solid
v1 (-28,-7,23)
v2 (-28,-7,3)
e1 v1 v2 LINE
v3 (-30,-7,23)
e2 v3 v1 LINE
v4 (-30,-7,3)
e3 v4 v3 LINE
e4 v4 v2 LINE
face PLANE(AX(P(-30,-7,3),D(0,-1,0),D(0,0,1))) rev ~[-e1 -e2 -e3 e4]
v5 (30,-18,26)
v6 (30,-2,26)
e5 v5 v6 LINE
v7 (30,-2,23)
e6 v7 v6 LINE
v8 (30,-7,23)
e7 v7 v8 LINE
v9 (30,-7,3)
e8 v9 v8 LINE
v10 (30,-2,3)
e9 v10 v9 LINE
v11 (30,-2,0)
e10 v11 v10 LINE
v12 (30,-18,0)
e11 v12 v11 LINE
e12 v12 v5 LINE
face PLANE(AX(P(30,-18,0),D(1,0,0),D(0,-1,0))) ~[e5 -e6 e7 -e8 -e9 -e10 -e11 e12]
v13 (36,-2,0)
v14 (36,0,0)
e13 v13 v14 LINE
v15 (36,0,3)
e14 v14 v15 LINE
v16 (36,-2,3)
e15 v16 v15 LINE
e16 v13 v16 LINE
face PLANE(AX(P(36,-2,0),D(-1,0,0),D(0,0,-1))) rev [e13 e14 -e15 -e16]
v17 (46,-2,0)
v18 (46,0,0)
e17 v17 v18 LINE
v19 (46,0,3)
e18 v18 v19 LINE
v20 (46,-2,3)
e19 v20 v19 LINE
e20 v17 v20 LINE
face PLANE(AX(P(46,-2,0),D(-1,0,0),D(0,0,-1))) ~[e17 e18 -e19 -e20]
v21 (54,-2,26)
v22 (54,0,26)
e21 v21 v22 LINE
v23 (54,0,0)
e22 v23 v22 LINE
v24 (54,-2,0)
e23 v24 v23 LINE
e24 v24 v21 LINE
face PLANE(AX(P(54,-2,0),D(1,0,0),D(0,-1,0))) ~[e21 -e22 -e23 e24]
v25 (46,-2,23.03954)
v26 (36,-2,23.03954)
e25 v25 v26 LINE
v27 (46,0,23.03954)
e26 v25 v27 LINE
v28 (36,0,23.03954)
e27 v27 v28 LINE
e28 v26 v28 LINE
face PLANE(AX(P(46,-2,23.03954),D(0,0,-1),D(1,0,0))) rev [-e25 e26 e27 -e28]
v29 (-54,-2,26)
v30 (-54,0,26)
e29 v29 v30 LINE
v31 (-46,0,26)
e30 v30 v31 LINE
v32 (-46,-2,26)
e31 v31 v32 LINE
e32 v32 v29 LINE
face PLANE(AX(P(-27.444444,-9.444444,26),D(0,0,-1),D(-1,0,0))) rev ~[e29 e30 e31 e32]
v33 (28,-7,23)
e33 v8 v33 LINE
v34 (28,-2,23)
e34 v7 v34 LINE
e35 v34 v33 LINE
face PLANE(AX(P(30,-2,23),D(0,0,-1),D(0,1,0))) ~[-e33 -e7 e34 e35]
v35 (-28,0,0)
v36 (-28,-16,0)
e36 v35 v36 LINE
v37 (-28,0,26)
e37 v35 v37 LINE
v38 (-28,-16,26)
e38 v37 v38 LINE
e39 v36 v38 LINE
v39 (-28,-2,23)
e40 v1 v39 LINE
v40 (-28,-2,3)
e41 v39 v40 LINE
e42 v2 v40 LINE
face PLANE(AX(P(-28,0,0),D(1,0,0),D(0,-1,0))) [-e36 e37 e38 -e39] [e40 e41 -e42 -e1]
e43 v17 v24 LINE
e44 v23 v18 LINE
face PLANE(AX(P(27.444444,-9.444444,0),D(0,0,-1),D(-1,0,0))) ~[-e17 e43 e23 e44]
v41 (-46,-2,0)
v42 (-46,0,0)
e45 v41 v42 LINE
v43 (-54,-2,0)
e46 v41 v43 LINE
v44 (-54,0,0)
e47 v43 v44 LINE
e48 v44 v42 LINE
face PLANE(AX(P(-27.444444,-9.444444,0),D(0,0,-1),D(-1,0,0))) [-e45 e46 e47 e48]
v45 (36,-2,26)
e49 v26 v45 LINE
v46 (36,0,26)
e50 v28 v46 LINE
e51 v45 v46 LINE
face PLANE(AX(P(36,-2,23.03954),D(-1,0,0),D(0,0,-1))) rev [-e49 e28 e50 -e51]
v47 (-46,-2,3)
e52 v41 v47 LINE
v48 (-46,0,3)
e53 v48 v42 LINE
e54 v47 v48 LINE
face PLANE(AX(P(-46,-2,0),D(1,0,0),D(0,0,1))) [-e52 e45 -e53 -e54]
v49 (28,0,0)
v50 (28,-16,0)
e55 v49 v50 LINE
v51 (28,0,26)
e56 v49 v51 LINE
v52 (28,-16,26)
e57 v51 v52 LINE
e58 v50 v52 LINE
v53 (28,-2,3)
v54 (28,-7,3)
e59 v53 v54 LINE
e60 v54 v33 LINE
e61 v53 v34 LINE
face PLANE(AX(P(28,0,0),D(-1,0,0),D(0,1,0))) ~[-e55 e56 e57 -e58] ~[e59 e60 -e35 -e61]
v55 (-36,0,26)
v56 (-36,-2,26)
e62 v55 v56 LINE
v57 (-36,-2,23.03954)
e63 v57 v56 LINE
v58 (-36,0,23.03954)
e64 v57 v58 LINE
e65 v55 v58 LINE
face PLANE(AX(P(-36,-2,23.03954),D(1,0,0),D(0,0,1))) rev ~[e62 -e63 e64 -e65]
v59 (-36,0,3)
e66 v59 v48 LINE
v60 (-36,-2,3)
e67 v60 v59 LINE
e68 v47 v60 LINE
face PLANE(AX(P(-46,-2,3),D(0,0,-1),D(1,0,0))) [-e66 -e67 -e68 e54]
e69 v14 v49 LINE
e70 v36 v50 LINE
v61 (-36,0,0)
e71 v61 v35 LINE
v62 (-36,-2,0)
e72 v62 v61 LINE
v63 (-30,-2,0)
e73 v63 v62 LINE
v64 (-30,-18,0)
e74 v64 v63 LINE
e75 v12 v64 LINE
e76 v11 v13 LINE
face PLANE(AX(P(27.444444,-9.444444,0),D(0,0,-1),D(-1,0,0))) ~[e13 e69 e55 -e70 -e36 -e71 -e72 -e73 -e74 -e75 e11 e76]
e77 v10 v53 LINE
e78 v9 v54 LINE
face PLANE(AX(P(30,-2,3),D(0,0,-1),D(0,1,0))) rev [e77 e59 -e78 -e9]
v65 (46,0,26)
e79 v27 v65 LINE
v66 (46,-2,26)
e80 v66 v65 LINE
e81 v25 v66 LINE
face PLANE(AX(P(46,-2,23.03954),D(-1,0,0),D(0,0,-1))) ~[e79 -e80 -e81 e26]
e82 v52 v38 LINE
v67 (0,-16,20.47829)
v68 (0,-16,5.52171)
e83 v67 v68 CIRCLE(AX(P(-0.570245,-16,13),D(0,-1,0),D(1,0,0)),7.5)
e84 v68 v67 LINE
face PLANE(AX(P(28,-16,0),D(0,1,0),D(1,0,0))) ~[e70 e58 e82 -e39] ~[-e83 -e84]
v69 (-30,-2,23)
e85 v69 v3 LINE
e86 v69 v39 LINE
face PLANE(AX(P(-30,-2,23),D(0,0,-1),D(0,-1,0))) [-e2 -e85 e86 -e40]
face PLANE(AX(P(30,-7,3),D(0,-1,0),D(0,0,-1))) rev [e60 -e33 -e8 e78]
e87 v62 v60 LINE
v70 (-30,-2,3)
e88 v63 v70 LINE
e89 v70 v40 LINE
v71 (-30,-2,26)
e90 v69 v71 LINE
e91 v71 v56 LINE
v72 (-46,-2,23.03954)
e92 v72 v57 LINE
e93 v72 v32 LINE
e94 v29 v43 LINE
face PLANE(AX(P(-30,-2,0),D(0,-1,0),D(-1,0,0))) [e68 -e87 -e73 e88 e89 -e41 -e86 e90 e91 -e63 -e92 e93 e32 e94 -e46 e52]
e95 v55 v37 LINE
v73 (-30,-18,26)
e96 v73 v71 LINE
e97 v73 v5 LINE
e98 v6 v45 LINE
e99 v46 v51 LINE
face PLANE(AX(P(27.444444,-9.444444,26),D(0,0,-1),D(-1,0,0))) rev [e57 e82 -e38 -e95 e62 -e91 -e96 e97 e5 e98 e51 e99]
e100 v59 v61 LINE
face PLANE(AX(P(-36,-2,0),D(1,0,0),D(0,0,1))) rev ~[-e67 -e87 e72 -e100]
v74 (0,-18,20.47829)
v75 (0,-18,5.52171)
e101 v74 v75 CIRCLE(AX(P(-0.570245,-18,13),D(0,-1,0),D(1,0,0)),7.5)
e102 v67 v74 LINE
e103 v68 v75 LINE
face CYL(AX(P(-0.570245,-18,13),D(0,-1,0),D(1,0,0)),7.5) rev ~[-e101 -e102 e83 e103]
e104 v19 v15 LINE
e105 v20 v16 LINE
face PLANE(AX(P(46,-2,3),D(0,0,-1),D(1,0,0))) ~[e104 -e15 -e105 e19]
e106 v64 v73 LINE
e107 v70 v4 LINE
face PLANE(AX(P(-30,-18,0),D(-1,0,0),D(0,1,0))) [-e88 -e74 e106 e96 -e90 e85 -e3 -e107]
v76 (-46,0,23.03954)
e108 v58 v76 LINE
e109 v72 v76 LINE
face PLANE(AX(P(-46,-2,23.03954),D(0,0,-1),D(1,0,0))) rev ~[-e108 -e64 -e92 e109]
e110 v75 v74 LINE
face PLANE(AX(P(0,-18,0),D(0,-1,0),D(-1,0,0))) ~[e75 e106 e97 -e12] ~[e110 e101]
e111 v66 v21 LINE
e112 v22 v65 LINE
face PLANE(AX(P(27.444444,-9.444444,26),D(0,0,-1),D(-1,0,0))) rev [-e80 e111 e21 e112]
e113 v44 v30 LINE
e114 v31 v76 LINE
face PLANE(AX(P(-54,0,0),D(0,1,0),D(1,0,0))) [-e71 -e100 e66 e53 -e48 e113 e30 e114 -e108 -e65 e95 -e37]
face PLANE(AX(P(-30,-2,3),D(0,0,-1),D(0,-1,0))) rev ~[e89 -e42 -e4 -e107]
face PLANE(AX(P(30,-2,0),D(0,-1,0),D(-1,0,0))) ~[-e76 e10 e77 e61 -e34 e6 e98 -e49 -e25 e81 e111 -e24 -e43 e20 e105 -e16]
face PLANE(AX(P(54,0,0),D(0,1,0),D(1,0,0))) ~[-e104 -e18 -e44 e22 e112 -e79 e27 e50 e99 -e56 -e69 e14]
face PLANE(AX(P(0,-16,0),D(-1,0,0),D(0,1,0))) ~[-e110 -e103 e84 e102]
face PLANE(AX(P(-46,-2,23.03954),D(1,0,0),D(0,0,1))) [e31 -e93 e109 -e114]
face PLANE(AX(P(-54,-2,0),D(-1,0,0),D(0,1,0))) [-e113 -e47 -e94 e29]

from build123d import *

# Parameters (mm, degrees)
PAD_DEPTH       = 26
SKETCH002_W     = 5
SKETCH002_H     = 20
POCKET_DEPTH    = 155.156903
SKETCH004_W     = 10
SKETCH004_H     = 3
POCKET001_DEPTH = 5
SKETCH005_R     = 7.5
POCKET002_DEPTH = 5


with BuildPart() as part:
    # Sketch → Pad (new body)
    with BuildSketch(Plane.XY):
        Polygon((-54, 0), (-28, 0), (-28, -16), (0, -16), (0, -18), (-30, -18), (-30, -2), (-54, -2), align=None)
    pad = extrude(amount=PAD_DEPTH)

    # Sketch002 (on DatumPlane) → Pocket (cut, through all)
    with BuildSketch(Plane(origin=(-30, 0, 0), x_dir=(0, -1, 0), z_dir=(-1, 0, 0))):
        with Locations((4.5, 13)):
            Rectangle(SKETCH002_W, SKETCH002_H)
    pocket = extrude(amount=-POCKET_DEPTH, mode=Mode.SUBTRACT)

    # Sketch004 (on DatumPlane) → Pocket001 (cut)
    with BuildSketch(Plane.XZ.offset(2)):
        with Locations((-41, 24.53954)):
            Rectangle(SKETCH004_W, SKETCH004_H)
        with Locations((-41, 1.5)):
            Rectangle(SKETCH004_W, SKETCH004_H)
    pocket001 = extrude(amount=-POCKET001_DEPTH, mode=Mode.SUBTRACT)

    # Sketch005 (on DatumPlane) → Pocket002 (cut)
    with BuildSketch(Plane.XZ.offset(18)):
        with Locations((-0.570245, 13)):
            Circle(SKETCH005_R)
    extrude(amount=-POCKET002_DEPTH, mode=Mode.SUBTRACT)

    # Mirrored: Pad across Sketch V_Axis
    add(pad.mirror(Plane(origin=(0, 0, 0), x_dir=(0, 0, 1), z_dir=(1, 0, 0))))

    # Mirrored001: Pocket across YZ
    add(pocket.mirror(Plane.YZ), mode=Mode.SUBTRACT)

    # Mirrored002: Pocket001 across Sketch004 V_Axis
    add(pocket001.mirror(Plane(origin=(0, -2, 0), x_dir=(0, -1, 0), z_dir=(1, 0, 0))), mode=Mode.SUBTRACT)


solid = part.part
